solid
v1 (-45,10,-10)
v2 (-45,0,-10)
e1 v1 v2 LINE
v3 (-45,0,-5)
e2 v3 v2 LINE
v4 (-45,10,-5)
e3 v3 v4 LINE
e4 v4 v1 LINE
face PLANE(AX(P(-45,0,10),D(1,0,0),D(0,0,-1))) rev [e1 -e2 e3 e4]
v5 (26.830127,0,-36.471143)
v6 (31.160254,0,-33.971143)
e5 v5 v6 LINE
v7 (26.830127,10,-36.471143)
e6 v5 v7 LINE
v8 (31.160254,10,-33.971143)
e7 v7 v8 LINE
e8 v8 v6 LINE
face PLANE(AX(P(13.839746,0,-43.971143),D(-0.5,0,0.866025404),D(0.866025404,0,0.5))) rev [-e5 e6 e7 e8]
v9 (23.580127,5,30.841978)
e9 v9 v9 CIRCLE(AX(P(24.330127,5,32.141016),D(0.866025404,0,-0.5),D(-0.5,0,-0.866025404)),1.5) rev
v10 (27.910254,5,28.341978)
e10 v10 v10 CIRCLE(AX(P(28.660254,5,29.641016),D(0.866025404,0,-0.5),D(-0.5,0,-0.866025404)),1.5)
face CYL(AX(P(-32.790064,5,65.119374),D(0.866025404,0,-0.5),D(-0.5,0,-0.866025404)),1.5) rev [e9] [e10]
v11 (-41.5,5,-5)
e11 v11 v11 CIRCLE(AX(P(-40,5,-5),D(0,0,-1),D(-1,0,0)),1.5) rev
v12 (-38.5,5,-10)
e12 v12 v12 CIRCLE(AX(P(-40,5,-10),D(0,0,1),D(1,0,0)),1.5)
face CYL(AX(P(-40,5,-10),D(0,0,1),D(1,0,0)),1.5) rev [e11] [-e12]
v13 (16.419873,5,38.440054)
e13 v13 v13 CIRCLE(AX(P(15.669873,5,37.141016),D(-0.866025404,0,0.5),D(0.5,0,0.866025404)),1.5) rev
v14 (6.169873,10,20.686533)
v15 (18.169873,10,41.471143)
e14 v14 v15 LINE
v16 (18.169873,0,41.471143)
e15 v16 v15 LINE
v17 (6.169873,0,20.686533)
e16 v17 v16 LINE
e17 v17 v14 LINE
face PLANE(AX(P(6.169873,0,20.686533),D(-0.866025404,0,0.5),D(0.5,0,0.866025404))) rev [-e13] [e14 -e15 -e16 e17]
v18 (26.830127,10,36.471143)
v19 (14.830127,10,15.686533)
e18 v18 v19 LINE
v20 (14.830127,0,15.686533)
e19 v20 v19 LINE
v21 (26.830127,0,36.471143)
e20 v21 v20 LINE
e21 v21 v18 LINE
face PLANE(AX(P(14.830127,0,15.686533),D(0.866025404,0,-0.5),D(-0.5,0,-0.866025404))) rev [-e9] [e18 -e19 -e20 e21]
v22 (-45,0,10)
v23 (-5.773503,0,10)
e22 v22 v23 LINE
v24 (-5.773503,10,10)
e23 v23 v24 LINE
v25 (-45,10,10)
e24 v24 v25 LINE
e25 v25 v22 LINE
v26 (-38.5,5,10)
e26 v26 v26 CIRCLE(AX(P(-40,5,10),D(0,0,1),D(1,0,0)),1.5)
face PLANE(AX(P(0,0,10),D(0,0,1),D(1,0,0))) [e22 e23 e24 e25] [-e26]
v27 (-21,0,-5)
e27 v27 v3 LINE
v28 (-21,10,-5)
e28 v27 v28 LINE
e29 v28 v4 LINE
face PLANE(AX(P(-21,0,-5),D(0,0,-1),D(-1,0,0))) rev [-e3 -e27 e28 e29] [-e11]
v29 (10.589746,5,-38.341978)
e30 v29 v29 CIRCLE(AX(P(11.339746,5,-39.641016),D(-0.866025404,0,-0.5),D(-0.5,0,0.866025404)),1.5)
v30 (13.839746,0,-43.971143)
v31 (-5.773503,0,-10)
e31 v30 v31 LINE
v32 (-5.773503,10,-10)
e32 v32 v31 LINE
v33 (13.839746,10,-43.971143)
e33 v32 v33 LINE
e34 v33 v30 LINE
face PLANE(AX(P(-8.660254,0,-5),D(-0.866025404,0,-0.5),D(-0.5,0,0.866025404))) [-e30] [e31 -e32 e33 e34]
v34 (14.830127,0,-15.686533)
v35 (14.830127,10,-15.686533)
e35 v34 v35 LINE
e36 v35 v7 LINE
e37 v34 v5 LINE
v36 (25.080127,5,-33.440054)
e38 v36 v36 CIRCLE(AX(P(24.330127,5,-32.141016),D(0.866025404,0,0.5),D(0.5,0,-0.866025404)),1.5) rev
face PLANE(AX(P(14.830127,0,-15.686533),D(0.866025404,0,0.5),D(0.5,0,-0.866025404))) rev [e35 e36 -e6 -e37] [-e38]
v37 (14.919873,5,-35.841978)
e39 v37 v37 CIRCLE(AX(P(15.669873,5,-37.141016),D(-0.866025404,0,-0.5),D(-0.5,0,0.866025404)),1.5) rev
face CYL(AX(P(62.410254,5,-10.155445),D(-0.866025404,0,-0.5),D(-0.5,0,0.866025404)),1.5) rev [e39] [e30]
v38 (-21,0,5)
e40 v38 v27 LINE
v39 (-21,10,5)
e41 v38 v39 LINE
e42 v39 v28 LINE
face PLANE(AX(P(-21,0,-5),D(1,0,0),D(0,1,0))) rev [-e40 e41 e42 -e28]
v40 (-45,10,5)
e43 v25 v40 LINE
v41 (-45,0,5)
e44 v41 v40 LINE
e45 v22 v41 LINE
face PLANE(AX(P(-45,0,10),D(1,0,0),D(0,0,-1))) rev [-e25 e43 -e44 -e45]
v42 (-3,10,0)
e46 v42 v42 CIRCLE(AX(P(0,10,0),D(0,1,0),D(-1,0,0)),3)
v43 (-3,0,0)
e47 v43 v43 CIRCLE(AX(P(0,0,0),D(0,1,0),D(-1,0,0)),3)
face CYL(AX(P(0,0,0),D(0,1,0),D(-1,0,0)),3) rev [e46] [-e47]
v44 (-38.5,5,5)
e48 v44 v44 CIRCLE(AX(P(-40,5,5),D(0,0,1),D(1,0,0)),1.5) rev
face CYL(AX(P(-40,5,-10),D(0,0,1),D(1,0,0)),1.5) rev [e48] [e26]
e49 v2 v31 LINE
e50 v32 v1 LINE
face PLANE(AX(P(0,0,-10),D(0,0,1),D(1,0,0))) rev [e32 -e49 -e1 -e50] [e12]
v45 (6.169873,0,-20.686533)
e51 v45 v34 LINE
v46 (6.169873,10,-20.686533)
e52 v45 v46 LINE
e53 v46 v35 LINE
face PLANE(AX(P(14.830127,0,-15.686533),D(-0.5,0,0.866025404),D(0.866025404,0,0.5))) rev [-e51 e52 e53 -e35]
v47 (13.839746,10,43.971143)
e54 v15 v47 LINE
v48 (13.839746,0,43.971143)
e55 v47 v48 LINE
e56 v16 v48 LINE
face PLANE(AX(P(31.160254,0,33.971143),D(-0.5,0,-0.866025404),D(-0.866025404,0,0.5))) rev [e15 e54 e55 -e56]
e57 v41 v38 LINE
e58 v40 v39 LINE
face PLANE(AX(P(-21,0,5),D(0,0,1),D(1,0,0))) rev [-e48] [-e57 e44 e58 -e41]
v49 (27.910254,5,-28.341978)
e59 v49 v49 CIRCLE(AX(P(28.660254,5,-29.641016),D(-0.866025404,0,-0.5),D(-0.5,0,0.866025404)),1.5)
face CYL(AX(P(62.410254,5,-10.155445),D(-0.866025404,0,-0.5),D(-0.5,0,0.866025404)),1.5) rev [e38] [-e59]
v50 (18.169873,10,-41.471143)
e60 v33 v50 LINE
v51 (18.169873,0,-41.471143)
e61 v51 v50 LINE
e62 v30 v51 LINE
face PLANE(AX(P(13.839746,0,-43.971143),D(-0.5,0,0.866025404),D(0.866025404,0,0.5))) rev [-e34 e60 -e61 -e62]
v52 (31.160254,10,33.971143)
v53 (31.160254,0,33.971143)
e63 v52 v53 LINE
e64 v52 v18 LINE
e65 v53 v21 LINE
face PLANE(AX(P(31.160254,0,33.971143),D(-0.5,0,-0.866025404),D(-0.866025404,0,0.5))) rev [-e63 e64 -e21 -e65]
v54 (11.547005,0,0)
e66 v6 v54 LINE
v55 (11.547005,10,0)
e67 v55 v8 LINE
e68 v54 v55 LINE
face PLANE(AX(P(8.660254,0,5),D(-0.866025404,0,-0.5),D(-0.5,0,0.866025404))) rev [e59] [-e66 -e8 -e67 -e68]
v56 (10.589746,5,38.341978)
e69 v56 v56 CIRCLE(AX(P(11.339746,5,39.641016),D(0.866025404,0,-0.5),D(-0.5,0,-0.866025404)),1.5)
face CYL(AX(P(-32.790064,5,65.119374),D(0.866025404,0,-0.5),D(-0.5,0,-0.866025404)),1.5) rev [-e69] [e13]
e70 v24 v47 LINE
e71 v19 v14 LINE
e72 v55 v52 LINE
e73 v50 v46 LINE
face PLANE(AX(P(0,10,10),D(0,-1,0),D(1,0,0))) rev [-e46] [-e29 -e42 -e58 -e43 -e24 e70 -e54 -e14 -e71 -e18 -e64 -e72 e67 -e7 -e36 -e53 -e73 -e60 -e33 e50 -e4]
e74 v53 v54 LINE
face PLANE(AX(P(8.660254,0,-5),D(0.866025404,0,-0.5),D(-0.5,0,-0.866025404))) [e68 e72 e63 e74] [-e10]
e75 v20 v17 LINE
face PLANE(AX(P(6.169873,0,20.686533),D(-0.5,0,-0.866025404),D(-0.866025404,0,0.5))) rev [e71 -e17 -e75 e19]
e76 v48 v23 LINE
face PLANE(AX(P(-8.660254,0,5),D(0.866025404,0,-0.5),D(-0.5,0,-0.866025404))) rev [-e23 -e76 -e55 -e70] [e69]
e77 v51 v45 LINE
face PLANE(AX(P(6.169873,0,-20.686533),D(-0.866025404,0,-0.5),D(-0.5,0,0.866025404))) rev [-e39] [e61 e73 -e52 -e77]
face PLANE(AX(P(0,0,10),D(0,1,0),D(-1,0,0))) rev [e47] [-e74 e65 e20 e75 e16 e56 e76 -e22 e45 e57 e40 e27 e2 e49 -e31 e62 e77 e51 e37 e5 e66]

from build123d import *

# Parameters (mm, degrees)
SKETCH1_W          = 45
SKETCH1_H          = 10
MAIN_DEPTH         = 10
CUT_EXTRUDE1_START = -21
SKETCH2_R          = 1.5
CUT_EXTRUDE1_DEPTH = 22
SKETCH4_W          = 24
SKETCH4_H          = 10
CUT_EXTRUDE3_DEPTH = 11
CIRPATTERN1_COUNT  = 3
SKETCH3_R          = 3
CUT_EXTRUDE2_DEPTH = 11


with BuildPart() as part:
    # Sketch1 → Main (new body, symmetric)
    with BuildSketch(Plane.XY):
        with Locations((-22.5, 5)):
            Rectangle(SKETCH1_W, SKETCH1_H)
    main = extrude(amount=MAIN_DEPTH, both=True)

    # Sketch2 → Cut-Extrude1 (cut)
    with BuildSketch(Plane.XY.offset(10).offset(CUT_EXTRUDE1_START)):
        with Locations((-40, 5)):
            Circle(SKETCH2_R)
    cut_extrude1 = extrude(amount=CUT_EXTRUDE1_DEPTH, mode=Mode.SUBTRACT)

    # Sketch4 → Cut-Extrude3 (cut, through all)
    with BuildSketch(Plane(origin=(0, 10, 0), x_dir=(1, 0, 0), z_dir=(0, 1, 0))):
        with Locations((-33, 0)):
            Rectangle(SKETCH4_W, SKETCH4_H)
    cut_extrude3 = extrude(amount=-CUT_EXTRUDE3_DEPTH, mode=Mode.SUBTRACT)

    # CirPattern1: Main, Cut-Extrude1, Cut-Extrude3 ×3 about axis
    cirpattern1_axis = Axis((0, 0, 0), (0, 1, 0))
    for i in range(1, CIRPATTERN1_COUNT):
        add(main.rotate(cirpattern1_axis, i * 360 / CIRPATTERN1_COUNT))
        add(cut_extrude1.rotate(cirpattern1_axis, i * 360 / CIRPATTERN1_COUNT), mode=Mode.SUBTRACT)
        add(cut_extrude3.rotate(cirpattern1_axis, i * 360 / CIRPATTERN1_COUNT), mode=Mode.SUBTRACT)

    # Sketch3 → Cut-Extrude2 (cut, through all)
    with BuildSketch(Plane(origin=(0, 10, 0), x_dir=(1, 0, 0), z_dir=(0, 1, 0))):
        Circle(SKETCH3_R)
    extrude(amount=-CUT_EXTRUDE2_DEPTH, mode=Mode.SUBTRACT)


solid = part.part
